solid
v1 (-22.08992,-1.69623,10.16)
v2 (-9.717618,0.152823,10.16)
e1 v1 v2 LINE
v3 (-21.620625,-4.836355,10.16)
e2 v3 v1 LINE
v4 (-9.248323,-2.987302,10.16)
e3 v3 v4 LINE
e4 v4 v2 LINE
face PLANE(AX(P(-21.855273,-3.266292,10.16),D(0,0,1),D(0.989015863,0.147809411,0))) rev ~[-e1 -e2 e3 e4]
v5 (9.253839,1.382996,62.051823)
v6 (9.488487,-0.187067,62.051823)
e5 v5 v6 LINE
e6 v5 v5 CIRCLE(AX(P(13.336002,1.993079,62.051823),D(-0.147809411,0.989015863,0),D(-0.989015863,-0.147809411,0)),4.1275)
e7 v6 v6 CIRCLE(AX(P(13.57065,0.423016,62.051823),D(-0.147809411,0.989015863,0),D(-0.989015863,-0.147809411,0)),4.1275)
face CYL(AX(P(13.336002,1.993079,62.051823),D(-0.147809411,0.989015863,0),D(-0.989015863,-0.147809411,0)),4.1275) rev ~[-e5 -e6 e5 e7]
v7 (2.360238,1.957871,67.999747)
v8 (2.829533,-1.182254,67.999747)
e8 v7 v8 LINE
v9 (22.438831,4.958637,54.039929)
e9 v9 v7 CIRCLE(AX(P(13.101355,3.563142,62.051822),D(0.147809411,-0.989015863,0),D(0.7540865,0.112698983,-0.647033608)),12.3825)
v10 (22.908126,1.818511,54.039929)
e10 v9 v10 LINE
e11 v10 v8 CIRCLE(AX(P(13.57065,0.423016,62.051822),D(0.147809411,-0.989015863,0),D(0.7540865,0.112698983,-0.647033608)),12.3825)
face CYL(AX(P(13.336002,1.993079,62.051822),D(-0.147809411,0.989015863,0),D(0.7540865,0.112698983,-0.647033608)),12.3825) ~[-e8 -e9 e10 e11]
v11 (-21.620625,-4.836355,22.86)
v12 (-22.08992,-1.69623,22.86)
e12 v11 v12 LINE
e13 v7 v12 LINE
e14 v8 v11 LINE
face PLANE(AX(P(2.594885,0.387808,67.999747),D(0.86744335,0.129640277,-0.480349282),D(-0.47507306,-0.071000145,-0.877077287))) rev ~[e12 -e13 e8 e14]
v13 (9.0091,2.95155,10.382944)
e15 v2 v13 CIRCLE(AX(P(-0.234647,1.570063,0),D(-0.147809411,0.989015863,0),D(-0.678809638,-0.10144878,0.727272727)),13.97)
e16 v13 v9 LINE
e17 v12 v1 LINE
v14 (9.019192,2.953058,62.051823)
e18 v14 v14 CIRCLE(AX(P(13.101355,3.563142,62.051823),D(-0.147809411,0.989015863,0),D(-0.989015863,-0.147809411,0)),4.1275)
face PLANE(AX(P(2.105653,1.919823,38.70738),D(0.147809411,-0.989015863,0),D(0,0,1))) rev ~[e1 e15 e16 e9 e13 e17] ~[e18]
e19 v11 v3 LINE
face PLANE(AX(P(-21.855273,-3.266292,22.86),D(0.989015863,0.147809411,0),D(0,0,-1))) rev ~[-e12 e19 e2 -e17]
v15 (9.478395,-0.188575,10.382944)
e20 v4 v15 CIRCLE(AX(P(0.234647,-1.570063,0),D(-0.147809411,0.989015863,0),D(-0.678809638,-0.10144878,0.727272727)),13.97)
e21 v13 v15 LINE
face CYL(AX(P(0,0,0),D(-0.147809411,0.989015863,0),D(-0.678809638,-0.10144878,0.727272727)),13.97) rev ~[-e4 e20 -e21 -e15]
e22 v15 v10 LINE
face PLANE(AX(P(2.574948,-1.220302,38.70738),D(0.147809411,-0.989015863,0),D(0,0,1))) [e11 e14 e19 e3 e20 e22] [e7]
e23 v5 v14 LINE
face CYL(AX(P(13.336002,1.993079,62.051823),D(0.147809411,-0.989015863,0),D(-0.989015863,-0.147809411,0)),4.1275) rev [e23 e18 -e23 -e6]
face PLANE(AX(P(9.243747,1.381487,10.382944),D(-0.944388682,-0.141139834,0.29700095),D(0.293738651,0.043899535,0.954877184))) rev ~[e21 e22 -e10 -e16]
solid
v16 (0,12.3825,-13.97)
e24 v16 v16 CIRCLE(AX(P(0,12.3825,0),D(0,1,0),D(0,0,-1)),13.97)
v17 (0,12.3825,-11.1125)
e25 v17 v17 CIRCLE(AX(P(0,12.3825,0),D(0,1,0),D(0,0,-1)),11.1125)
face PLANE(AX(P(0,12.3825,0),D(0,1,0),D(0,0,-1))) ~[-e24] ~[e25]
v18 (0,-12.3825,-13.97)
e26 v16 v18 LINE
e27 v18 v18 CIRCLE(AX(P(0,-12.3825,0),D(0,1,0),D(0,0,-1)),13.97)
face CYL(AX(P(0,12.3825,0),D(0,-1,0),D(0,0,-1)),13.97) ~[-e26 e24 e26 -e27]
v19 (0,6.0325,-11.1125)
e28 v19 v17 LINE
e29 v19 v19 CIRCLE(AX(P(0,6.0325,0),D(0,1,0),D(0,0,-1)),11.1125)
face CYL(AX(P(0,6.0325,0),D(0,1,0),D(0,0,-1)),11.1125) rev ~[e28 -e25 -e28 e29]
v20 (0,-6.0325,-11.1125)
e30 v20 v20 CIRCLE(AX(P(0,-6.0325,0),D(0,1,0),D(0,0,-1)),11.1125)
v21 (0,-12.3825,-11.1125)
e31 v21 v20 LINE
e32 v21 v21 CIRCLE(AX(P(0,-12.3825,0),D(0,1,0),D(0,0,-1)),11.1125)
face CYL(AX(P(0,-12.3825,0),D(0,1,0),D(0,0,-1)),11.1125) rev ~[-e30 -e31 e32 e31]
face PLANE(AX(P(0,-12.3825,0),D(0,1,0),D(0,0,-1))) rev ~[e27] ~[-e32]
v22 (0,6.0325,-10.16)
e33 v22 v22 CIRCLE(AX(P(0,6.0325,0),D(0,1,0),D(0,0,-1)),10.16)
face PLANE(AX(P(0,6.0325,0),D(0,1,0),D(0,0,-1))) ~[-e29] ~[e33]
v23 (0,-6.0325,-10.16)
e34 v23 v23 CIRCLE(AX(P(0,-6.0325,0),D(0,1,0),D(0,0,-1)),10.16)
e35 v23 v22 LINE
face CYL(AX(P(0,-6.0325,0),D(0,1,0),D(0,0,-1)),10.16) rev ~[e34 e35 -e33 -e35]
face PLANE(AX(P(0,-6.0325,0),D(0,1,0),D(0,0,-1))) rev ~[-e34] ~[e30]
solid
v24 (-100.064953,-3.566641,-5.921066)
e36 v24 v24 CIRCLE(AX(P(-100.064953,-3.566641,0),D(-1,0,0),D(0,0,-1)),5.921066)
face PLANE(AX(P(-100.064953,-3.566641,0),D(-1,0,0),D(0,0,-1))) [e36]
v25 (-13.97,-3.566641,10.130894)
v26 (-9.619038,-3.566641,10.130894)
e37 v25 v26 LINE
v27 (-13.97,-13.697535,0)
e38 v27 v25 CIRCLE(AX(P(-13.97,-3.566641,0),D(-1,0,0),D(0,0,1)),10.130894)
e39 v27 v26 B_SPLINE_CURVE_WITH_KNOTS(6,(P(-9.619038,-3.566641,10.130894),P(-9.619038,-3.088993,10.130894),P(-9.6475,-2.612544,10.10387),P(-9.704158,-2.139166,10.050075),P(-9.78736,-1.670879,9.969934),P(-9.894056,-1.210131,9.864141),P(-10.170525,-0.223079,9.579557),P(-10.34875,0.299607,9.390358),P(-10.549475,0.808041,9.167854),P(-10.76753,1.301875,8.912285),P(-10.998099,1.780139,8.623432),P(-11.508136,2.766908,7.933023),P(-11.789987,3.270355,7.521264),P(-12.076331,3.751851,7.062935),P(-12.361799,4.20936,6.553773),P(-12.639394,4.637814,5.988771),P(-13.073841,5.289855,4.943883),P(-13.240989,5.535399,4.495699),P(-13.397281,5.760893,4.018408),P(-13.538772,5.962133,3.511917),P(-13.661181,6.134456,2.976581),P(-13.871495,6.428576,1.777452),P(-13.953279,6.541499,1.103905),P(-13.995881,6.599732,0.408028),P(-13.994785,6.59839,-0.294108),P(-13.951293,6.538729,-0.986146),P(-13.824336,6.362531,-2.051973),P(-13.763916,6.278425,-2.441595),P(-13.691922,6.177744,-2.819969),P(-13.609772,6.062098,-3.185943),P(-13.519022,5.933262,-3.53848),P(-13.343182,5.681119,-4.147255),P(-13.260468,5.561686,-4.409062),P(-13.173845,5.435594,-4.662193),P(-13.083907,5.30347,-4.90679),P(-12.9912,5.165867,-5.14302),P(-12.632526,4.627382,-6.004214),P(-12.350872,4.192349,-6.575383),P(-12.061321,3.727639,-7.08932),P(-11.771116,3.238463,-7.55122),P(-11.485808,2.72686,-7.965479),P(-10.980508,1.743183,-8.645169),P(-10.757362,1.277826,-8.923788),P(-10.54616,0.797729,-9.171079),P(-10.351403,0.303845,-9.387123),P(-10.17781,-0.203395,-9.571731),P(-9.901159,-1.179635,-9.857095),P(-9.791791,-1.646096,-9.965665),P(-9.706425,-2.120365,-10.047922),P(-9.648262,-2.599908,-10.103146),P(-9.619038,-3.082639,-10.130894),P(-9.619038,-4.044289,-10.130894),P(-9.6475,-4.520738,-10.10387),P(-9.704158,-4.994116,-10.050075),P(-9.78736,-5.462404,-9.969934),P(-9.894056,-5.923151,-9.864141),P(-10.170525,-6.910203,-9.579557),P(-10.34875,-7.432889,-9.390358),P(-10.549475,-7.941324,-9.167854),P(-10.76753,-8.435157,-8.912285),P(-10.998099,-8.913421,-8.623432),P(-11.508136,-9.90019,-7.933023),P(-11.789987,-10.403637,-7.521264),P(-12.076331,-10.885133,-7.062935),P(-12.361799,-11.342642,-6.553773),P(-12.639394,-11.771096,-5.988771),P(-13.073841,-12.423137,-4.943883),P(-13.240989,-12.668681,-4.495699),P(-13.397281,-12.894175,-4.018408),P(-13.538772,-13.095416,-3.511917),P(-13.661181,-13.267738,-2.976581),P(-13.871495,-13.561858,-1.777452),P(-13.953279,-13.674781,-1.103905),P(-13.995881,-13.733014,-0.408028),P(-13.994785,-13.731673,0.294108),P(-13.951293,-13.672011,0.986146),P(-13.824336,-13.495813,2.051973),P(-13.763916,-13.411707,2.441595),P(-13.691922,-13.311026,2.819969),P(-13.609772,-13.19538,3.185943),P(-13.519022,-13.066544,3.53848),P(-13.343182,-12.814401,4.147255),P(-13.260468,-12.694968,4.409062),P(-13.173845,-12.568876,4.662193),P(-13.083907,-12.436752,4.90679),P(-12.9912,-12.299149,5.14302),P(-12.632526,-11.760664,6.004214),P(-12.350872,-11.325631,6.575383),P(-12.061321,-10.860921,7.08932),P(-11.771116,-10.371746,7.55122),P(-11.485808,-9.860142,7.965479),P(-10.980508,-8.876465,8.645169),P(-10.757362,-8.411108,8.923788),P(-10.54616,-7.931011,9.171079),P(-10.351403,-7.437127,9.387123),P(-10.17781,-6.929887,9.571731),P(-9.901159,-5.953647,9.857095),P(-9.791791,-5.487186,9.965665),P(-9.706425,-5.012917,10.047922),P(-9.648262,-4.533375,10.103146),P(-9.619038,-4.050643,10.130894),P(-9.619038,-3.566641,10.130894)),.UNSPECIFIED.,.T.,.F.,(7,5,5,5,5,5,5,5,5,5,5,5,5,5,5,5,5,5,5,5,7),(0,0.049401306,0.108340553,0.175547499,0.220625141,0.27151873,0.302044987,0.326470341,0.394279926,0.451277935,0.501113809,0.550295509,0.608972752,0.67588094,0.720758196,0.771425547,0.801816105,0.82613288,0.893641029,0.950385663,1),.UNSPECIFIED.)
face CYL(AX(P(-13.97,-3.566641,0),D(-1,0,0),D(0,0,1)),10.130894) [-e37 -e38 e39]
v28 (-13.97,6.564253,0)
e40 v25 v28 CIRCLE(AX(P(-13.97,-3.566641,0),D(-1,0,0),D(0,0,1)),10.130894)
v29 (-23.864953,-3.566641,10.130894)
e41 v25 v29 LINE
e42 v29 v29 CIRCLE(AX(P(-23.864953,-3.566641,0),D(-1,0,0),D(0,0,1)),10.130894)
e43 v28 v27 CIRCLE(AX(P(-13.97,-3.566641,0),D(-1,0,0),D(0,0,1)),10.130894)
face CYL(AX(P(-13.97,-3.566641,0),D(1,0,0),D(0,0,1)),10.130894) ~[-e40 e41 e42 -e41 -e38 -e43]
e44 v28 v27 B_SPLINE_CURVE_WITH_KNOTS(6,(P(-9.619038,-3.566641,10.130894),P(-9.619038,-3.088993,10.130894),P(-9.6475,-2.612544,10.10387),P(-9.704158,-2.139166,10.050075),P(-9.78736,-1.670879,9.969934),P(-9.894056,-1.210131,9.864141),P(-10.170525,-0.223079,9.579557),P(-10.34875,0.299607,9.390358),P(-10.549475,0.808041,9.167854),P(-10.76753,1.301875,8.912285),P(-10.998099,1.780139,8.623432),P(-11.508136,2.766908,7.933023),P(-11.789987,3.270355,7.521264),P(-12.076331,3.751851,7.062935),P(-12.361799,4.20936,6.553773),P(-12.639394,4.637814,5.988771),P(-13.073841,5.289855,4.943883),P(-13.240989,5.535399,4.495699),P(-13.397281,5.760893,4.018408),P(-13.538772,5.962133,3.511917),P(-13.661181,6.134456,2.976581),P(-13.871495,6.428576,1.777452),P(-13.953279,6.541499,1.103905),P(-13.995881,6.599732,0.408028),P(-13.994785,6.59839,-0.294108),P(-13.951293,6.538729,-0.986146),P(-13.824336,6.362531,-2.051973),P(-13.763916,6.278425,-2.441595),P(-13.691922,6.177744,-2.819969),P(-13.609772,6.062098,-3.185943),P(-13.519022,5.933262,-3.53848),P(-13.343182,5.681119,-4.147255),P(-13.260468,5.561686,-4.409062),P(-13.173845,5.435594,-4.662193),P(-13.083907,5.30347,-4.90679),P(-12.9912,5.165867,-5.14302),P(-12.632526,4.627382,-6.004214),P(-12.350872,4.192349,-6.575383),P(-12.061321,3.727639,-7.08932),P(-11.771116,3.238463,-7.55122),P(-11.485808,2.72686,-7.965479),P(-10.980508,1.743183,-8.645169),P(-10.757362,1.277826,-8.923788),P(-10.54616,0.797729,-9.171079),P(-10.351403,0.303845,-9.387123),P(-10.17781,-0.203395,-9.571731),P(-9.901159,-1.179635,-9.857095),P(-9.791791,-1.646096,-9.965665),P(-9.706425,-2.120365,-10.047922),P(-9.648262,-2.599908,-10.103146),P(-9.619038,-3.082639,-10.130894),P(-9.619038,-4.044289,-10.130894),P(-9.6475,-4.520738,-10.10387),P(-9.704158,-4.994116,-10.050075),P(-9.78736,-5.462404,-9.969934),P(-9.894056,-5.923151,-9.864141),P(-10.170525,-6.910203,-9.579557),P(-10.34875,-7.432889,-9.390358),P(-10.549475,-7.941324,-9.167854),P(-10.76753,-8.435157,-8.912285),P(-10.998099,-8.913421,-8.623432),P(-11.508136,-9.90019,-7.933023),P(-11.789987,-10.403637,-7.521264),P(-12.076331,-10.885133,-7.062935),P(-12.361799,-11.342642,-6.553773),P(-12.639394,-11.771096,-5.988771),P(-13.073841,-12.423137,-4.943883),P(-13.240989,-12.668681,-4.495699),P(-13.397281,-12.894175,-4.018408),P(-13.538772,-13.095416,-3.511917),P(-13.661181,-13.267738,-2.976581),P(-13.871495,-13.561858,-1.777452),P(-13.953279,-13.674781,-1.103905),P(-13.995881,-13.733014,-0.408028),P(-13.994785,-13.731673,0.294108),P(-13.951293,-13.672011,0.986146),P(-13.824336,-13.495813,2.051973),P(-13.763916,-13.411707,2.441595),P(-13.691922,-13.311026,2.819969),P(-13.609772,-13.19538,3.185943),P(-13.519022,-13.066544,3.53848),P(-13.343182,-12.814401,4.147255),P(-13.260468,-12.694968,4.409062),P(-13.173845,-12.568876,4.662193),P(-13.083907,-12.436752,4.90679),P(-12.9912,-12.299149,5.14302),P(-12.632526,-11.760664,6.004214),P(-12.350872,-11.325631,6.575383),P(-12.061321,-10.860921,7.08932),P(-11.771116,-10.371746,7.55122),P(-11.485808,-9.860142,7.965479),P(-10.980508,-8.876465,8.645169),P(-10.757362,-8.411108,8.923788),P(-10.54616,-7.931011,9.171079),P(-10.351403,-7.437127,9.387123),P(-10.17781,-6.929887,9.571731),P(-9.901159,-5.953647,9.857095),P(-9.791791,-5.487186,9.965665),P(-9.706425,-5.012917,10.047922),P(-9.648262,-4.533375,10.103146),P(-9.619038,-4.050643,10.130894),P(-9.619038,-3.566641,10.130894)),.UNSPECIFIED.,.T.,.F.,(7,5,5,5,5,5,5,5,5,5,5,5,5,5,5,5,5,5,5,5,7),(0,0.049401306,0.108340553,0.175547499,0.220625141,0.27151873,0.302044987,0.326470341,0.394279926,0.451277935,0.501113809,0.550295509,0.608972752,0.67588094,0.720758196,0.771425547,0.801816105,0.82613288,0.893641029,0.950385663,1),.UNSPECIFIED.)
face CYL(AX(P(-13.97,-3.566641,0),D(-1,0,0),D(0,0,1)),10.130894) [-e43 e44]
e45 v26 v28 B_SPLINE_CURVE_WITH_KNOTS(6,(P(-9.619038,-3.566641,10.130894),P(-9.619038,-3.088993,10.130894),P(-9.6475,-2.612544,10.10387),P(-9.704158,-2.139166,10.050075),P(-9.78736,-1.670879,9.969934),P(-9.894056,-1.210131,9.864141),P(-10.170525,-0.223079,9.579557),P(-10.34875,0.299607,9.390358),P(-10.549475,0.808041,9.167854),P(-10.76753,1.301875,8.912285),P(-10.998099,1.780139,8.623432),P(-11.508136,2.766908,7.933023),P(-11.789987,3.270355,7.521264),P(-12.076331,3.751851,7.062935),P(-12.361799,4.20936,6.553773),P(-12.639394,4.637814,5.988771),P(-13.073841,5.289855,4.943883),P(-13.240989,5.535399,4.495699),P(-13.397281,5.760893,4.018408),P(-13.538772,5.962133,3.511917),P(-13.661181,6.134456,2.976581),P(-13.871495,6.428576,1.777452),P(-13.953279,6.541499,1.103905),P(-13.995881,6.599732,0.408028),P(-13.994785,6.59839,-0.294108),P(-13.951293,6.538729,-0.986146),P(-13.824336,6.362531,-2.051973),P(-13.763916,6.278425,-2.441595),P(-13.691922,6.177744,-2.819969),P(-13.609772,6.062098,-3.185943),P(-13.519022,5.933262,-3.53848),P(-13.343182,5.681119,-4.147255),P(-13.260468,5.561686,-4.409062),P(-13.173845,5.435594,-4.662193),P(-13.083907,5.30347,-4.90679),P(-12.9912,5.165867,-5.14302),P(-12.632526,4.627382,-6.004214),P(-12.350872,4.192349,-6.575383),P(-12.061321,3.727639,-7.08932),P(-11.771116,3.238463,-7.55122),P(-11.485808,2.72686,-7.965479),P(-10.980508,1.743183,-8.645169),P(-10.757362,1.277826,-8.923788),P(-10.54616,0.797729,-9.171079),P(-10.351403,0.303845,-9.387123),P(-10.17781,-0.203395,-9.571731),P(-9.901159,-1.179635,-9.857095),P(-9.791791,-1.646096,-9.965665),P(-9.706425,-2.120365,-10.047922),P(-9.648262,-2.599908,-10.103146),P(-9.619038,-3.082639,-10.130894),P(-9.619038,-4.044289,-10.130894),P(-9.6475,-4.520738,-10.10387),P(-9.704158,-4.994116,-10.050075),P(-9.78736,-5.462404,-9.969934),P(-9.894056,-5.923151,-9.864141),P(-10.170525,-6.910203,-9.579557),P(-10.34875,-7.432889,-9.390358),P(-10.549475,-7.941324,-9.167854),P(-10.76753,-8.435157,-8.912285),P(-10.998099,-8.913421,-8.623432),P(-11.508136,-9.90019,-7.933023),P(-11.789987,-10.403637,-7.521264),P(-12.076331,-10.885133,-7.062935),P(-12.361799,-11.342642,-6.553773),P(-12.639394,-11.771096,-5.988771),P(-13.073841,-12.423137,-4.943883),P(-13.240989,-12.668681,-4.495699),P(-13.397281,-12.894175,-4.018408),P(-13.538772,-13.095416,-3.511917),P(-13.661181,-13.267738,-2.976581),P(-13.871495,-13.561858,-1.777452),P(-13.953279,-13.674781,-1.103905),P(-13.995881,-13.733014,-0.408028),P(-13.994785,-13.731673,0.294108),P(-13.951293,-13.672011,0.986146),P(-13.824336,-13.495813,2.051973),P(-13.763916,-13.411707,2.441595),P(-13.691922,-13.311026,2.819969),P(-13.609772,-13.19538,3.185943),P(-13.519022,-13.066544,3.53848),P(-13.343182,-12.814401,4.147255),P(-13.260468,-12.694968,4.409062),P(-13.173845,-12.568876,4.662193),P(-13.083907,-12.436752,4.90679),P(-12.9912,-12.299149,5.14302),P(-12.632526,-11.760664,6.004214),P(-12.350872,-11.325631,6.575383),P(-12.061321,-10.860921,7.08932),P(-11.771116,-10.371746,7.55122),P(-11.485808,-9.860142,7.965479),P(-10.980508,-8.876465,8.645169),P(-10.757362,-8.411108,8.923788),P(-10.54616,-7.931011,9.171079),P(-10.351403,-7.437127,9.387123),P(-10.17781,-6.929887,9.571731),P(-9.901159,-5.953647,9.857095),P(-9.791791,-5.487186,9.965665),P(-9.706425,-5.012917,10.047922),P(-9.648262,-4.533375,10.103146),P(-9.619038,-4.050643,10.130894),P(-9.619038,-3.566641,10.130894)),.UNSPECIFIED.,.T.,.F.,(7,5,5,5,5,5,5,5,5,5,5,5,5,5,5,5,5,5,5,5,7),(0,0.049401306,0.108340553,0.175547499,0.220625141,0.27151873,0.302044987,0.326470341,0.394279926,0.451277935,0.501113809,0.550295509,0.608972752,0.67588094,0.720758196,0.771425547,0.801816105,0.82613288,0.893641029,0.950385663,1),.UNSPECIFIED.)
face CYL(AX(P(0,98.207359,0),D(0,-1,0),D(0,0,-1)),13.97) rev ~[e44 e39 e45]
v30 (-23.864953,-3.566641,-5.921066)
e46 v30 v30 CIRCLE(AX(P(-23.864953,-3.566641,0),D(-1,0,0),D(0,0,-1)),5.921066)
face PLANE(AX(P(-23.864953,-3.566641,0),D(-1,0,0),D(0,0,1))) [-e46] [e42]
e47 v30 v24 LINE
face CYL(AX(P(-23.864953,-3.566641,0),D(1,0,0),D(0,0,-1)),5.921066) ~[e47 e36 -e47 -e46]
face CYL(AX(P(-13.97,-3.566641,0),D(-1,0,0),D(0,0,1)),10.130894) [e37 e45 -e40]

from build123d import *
from build123d.topology import SkipClean

# Parameters (mm, degrees)
SKETCH4_R                            = 4.1275
BOSS_EXTRUDE2_DEPTH                  = 1.5875
BOSS_EXTRUDE2_DEPTH_BACK             = 1.5875
SKETCH5_R                            = 10.130893735
BOSS_EXTRUDE3_DEPTH                  = 9.894953
BOSS_EXTRUDE3_DIRECTION_2_REACH      = 87.304
BOSS_EXTRUDE3_DIRECTION_2_END_RADIUS = 13.97
SKETCH6_R                            = 5.921066373
BOSS_EXTRUDE4_DEPTH                  = 76.2


with BuildPart() as part:
    # Sketch2 → Revolve1 (revolve)
    with BuildSketch(Plane.XY, mode=Mode.PRIVATE) as revolve1_sk:
        Polygon((13.97, 12.3825), (13.97, -12.3825), (11.1125, -12.3825), (11.1125, -6.0325), (10.16, -6.0325), (10.16, 6.0325), (11.1125, 6.0325), (11.1125, 12.3825), align=None)
    revolve(revolve1_sk.sketch.rotate(Axis((0, -12.3825, 0), (0, 1, 0)), 90), axis=Axis((0, -12.3825, 0), (0, 1, 0)))


with BuildPart() as body_2:
    # Sketch4 → Boss-Extrude2 (new, two sides)
    with BuildSketch(Plane(origin=(0, 0, 0), x_dir=(0, 0, -1), z_dir=(-0.14780941112961093, 0.9890158633619168, 0))) as boss_extrude2_sk:
        with BuildLine():
            ThreePointArc((-10.16, 9.588289733), (-13.969031731, 0.164476444), (-10.382944015, -9.346409662))
            Line((-10.382944015, -9.346409662), (-54.039928854, -22.925293076))
            ThreePointArc((-54.039928854, -22.925293076), (-72.254940581, -20.500002013), (-67.999747489, -2.623704278))
            Line((-67.999747489, -2.623704278), (-22.86, 22.098))
            Line((-22.86, 22.098), (-10.16, 22.098))
            Line((-10.16, 22.098), (-10.16, 9.588289733))
        make_face()
        with Locations(Location((-62.0518225, -13.484113782, 0), (0, 0, 90))):
            Circle(SKETCH4_R, mode=Mode.SUBTRACT)
    extrude(amount=BOSS_EXTRUDE2_DEPTH)
    extrude(boss_extrude2_sk.sketch, amount=-BOSS_EXTRUDE2_DEPTH_BACK)


with BuildPart() as body_3:
    # Sketch5 → Boss-Extrude3 (new body)
    with BuildSketch(Plane.ZY.offset(13.97)):
        with Locations((0, -3.566641091)):
            Circle(SKETCH5_R)
    extrude(amount=BOSS_EXTRUDE3_DEPTH)

    # Boss-Extrude3 direction 2: up to this cylinder (the profile starts outside it)
    with SkipClean():  # the faces are left unmerged after this step: merging them gives an invalid solid
        boss_extrude3_direction_2_end = Plane(origin=(0, -3.566641, 0), z_dir=(0, -1, 0)) * Cylinder(BOSS_EXTRUDE3_DIRECTION_2_END_RADIUS, 203.548, mode=Mode.PRIVATE)
        # Sketch5 → Boss-Extrude3 direction 2 (add, up to the surface)
        with BuildSketch(Plane.ZY.offset(13.97), mode=Mode.PRIVATE) as boss_extrude3_direction_2_sk1:
            with Locations((0, -3.566641091)):
                Circle(SKETCH5_R)
        boss_extrude3_direction_2_tool1 = extrude(boss_extrude3_direction_2_sk1.sketch, amount=-BOSS_EXTRUDE3_DIRECTION_2_REACH, mode=Mode.PRIVATE) - boss_extrude3_direction_2_end
        add(boss_extrude3_direction_2_tool1.solids().sort_by_distance((-13.97, -3.566641, 0))[0])
        add(boss_extrude3_direction_2_tool1.solids().sort_by_distance((-13.97, -3.566641, 0))[1])

    # Sketch6 → Boss-Extrude4 (add)
    with BuildSketch(Plane.ZY.offset(23.864952783)):
        with Locations(Location((0, -3.566641091, 0), (0, 0, 180))):
            Circle(SKETCH6_R)
    extrude(amount=BOSS_EXTRUDE4_DEPTH)


solid = Compound([part.part, body_2.part, body_3.part])
